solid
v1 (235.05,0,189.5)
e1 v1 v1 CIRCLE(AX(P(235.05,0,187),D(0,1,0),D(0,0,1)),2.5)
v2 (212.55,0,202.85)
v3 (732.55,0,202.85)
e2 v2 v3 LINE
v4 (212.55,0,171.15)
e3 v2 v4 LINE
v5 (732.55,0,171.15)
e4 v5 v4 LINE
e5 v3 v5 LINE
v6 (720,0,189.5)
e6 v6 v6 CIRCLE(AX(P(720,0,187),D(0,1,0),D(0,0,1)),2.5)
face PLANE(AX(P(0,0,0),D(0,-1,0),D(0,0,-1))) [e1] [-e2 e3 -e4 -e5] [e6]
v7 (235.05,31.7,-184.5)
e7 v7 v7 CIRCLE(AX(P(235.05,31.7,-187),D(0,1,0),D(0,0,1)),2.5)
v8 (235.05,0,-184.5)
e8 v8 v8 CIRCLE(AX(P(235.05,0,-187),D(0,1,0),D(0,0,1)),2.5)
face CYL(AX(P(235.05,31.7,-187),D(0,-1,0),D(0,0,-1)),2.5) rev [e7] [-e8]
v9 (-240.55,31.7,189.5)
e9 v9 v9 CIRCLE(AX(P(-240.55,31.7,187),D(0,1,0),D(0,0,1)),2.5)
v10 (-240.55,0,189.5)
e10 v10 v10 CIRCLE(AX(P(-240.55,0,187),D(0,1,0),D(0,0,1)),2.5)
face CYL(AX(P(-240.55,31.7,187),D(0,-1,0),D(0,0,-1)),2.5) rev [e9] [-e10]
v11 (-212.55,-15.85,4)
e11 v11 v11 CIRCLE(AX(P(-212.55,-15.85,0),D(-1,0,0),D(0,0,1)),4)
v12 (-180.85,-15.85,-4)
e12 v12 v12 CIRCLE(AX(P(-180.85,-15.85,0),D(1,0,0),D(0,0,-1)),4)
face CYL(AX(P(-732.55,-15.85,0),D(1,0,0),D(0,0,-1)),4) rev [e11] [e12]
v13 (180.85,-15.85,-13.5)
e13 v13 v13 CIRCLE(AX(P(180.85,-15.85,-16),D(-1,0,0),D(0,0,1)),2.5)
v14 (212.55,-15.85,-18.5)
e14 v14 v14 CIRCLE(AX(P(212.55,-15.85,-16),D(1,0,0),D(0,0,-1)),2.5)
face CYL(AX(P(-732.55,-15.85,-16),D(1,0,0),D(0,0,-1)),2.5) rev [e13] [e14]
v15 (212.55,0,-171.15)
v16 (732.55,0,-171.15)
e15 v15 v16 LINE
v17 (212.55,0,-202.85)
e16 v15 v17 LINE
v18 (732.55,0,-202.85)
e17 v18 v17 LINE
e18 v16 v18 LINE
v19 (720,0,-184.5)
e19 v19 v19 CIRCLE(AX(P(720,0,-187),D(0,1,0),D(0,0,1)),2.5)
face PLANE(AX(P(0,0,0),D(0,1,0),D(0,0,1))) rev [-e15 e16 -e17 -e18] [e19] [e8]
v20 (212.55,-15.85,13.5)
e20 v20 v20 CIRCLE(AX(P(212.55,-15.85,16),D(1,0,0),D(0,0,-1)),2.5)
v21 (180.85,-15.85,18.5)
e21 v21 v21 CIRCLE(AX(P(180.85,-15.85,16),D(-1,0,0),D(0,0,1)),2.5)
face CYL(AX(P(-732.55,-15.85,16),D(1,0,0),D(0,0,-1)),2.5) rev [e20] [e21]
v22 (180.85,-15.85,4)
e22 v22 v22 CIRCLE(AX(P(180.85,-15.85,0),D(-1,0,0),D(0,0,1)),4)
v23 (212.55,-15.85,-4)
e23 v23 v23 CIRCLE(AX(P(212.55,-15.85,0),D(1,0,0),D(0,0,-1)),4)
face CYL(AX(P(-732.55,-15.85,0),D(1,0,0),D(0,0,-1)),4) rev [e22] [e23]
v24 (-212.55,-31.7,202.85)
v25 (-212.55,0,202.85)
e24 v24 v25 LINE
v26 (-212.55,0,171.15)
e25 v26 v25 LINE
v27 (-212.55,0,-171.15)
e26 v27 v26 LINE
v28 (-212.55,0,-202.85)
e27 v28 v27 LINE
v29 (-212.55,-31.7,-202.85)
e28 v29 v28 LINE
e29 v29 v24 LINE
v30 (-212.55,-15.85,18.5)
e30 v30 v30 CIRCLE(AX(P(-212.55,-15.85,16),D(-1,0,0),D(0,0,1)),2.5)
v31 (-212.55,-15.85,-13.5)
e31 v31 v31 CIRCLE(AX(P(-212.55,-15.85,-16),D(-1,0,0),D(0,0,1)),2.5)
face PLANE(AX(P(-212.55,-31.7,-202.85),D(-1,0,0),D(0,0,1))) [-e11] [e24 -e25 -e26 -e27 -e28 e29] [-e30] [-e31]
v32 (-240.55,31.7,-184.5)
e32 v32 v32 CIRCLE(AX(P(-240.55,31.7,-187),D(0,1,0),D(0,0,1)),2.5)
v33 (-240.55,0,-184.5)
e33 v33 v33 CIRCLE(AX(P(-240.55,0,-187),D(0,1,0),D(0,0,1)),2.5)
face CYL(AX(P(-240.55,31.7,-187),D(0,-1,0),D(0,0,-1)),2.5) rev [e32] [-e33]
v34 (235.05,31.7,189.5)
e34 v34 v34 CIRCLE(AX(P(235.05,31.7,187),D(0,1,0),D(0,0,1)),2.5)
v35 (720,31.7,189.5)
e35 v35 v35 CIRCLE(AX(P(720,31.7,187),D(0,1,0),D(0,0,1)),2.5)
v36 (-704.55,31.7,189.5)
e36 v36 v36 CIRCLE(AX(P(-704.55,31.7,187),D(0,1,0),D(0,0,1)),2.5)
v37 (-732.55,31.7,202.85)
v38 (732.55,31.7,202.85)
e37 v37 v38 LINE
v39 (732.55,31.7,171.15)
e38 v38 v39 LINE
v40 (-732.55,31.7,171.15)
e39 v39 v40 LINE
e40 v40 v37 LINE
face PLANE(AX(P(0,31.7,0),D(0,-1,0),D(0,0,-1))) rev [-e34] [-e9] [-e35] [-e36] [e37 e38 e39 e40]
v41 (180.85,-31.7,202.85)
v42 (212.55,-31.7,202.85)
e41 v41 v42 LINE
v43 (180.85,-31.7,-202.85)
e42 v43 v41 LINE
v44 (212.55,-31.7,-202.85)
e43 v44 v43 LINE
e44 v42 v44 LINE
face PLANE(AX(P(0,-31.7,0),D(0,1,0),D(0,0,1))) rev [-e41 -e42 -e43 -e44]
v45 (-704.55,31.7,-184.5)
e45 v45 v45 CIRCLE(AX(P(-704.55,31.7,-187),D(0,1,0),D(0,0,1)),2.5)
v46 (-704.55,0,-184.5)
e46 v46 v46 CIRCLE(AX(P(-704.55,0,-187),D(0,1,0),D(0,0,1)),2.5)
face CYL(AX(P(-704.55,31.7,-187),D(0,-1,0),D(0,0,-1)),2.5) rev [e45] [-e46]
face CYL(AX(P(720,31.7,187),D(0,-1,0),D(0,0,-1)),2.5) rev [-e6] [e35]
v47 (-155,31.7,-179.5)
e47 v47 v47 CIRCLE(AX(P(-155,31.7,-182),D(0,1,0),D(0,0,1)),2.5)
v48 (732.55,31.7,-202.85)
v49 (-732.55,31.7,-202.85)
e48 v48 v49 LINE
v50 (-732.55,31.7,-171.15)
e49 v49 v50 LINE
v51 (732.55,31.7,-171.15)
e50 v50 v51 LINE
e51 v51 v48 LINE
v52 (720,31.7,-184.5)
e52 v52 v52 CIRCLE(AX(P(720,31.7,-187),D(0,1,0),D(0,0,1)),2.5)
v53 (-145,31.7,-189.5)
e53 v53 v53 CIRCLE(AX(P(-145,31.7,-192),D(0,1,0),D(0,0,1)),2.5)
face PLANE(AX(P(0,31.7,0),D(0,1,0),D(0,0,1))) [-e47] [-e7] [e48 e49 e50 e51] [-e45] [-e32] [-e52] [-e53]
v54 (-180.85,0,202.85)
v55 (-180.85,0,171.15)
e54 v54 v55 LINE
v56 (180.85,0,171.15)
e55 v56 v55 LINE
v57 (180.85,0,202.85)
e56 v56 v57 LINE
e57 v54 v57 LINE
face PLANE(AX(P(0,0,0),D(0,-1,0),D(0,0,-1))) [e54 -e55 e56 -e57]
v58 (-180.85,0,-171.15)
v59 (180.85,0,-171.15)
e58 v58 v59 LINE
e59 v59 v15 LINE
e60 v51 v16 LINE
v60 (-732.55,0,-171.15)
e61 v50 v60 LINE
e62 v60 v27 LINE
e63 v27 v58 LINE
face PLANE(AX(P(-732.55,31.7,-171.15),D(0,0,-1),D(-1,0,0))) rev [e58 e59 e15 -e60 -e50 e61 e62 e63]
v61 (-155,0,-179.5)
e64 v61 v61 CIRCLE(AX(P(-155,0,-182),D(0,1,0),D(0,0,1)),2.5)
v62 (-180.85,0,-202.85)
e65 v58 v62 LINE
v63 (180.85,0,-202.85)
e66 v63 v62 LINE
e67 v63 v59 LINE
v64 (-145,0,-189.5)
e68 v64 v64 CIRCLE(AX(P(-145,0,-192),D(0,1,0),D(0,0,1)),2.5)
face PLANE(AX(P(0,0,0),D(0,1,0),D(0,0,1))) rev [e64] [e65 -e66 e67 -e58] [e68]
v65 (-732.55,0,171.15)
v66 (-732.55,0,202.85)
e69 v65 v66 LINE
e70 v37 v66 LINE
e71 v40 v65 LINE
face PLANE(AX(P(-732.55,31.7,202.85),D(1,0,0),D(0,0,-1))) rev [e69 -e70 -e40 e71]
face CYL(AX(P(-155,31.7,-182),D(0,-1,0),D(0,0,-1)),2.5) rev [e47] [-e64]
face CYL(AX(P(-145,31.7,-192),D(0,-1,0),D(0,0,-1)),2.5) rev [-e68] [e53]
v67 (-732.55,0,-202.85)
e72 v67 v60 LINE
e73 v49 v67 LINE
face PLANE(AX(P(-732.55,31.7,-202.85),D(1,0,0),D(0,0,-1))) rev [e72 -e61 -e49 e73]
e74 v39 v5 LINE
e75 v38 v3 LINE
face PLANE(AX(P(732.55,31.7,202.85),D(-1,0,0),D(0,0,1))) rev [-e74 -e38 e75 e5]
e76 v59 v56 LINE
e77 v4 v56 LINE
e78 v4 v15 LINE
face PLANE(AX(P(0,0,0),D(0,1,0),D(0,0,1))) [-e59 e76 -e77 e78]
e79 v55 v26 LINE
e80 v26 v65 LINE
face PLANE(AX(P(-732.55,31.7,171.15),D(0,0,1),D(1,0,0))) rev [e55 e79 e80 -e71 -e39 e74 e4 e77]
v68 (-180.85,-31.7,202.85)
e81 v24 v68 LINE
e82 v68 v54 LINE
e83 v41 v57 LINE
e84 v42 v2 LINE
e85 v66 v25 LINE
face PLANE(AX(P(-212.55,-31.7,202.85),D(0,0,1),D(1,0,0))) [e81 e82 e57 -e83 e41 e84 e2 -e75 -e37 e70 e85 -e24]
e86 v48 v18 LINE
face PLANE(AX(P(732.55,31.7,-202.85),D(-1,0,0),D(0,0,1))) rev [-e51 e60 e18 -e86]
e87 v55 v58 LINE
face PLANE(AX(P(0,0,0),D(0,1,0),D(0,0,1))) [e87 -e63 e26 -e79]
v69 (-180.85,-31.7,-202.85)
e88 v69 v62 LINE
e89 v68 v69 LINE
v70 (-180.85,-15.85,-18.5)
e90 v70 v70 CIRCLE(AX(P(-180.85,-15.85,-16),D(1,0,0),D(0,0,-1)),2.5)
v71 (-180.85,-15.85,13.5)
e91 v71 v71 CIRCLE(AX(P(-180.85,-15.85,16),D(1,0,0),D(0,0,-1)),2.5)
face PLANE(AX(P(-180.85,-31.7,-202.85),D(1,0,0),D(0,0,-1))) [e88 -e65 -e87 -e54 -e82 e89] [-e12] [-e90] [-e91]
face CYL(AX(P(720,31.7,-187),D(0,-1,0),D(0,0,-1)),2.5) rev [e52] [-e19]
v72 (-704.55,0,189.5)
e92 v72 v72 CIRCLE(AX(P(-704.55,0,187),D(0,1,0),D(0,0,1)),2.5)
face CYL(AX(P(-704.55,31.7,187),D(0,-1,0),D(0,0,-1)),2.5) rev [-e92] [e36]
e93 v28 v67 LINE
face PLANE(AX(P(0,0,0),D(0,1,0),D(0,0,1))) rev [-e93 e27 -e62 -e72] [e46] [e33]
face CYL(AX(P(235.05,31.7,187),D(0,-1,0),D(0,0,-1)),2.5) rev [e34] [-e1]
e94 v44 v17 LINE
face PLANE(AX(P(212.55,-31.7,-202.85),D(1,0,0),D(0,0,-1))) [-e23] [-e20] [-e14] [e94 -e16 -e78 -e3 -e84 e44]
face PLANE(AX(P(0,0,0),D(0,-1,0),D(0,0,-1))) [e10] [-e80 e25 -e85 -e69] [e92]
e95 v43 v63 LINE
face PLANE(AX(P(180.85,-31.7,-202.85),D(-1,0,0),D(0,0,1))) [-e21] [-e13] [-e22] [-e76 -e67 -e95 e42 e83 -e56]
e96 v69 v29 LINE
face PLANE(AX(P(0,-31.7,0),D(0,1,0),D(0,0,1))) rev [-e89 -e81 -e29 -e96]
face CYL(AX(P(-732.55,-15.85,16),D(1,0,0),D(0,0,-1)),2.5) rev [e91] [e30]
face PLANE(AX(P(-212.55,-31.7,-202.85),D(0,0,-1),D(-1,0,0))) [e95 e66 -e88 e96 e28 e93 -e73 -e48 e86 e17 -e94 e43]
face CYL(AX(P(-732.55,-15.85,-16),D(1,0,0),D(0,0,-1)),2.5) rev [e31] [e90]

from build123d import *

# Parameters (mm, degrees)
ESBO_O1_W                  = 31.7
ESBO_O1_H                  = 405.7
RESSALTO_EXTRUS_O1_DEPTH   = 31.7
RESSALTO_EXTRUS_O1_2_DEPTH = 31.7
ESBO_O3_W                  = 1465.1
ESBO_O3_H                  = 31.7
RESSALTO_EXTRUS_O2_DEPTH   = 31.7
ESBO_O4_R                  = 2.5
CORTE_EXTRUS_O2_DEPTH      = 31.7
CORTE_EXTRUS_O3_DEPTH      = 761.777572619
CORTE_EXTRUS_O3_DEPTH_BACK = 761.777572619
ESBO_O5_R                  = 2.5
ESBO_O5_R_2                = 4


with BuildPart() as part:
    # Esboço1 → Ressalto-extrusão1 (new body)
    with BuildSketch(Plane(origin=(0, 0, 0), x_dir=(1, 0, 0), z_dir=(0, 1, 0))):
        with Locations((-196.7, 0)):
            Rectangle(ESBO_O1_W, ESBO_O1_H)
    extrude(amount=-RESSALTO_EXTRUS_O1_DEPTH)



with BuildPart() as body_2:
    # Esboço1 → Ressalto-extrus_o1 2 (new body)
    with BuildSketch(Plane(origin=(0, 0, 0), x_dir=(1, 0, 0), z_dir=(0, 1, 0))):
        with Locations((196.7, 0)):
            Rectangle(ESBO_O1_W, ESBO_O1_H)
    extrude(amount=-RESSALTO_EXTRUS_O1_2_DEPTH)


with BuildPart() as part_1:
    add(part.part)

    add(body_2.part)  # Ressalto-extrusão2 merges body 2
    # Esboço3 → Ressalto-extrusão2 (add)
    with BuildSketch(Plane(origin=(0, 0, 0), x_dir=(1, 0, 0), z_dir=(0, 1, 0))):
        with Locations((0, 187)):
            Rectangle(ESBO_O3_W, ESBO_O3_H)
        with Locations((0, -187)):
            Rectangle(ESBO_O3_W, ESBO_O3_H)
    extrude(amount=RESSALTO_EXTRUS_O2_DEPTH)

    # Esboço4 → Corte-extrusão2 (cut)
    with BuildSketch(Plane(origin=(0, 0, 0), x_dir=(1, 0, 0), z_dir=(0, 1, 0))):
        with Locations(Location((720, 187, 0), (0, 0, 270))):
            Circle(ESBO_O4_R)
        with Locations(Location((720, -187, 0), (0, 0, 270))):
            Circle(ESBO_O4_R)
        with Locations(Location((235.05, 187, 0), (0, 0, 270))):
            Circle(ESBO_O4_R)
        with Locations(Location((235.05, -187, 0), (0, 0, 270))):
            Circle(ESBO_O4_R)
        with Locations(Location((-704.55, 187, 0), (0, 0, 270))):
            Circle(ESBO_O4_R)
        with Locations(Location((-704.55, -187, 0), (0, 0, 270))):
            Circle(ESBO_O4_R)
        with Locations(Location((-240.55, 187, 0), (0, 0, 270))):
            Circle(ESBO_O4_R)
        with Locations(Location((-240.55, -187, 0), (0, 0, 270))):
            Circle(ESBO_O4_R)
        with Locations(Location((-155, 182, 0), (0, 0, 270))):
            Circle(ESBO_O4_R)
        with Locations(Location((-145, 192, 0), (0, 0, 270))):
            Circle(ESBO_O4_R)
    extrude(amount=CORTE_EXTRUS_O2_DEPTH, mode=Mode.SUBTRACT)

    # Esboço5 → Corte-extrusão3 (cut, two sides: drawn at the far end of the back side and taken through both)
    with BuildSketch(Plane(origin=(0, 0, 0), x_dir=(0, 0, -1), z_dir=(1, 0, 0)).offset(-CORTE_EXTRUS_O3_DEPTH_BACK)):
        with Locations((16, -15.85)):
            Circle(ESBO_O5_R)
        with Locations((-16, -15.85)):
            Circle(ESBO_O5_R)
        with Locations((0, -15.85)):
            Circle(ESBO_O5_R_2)
    extrude(amount=CORTE_EXTRUS_O3_DEPTH + CORTE_EXTRUS_O3_DEPTH_BACK, mode=Mode.SUBTRACT)


solid = part_1.part
